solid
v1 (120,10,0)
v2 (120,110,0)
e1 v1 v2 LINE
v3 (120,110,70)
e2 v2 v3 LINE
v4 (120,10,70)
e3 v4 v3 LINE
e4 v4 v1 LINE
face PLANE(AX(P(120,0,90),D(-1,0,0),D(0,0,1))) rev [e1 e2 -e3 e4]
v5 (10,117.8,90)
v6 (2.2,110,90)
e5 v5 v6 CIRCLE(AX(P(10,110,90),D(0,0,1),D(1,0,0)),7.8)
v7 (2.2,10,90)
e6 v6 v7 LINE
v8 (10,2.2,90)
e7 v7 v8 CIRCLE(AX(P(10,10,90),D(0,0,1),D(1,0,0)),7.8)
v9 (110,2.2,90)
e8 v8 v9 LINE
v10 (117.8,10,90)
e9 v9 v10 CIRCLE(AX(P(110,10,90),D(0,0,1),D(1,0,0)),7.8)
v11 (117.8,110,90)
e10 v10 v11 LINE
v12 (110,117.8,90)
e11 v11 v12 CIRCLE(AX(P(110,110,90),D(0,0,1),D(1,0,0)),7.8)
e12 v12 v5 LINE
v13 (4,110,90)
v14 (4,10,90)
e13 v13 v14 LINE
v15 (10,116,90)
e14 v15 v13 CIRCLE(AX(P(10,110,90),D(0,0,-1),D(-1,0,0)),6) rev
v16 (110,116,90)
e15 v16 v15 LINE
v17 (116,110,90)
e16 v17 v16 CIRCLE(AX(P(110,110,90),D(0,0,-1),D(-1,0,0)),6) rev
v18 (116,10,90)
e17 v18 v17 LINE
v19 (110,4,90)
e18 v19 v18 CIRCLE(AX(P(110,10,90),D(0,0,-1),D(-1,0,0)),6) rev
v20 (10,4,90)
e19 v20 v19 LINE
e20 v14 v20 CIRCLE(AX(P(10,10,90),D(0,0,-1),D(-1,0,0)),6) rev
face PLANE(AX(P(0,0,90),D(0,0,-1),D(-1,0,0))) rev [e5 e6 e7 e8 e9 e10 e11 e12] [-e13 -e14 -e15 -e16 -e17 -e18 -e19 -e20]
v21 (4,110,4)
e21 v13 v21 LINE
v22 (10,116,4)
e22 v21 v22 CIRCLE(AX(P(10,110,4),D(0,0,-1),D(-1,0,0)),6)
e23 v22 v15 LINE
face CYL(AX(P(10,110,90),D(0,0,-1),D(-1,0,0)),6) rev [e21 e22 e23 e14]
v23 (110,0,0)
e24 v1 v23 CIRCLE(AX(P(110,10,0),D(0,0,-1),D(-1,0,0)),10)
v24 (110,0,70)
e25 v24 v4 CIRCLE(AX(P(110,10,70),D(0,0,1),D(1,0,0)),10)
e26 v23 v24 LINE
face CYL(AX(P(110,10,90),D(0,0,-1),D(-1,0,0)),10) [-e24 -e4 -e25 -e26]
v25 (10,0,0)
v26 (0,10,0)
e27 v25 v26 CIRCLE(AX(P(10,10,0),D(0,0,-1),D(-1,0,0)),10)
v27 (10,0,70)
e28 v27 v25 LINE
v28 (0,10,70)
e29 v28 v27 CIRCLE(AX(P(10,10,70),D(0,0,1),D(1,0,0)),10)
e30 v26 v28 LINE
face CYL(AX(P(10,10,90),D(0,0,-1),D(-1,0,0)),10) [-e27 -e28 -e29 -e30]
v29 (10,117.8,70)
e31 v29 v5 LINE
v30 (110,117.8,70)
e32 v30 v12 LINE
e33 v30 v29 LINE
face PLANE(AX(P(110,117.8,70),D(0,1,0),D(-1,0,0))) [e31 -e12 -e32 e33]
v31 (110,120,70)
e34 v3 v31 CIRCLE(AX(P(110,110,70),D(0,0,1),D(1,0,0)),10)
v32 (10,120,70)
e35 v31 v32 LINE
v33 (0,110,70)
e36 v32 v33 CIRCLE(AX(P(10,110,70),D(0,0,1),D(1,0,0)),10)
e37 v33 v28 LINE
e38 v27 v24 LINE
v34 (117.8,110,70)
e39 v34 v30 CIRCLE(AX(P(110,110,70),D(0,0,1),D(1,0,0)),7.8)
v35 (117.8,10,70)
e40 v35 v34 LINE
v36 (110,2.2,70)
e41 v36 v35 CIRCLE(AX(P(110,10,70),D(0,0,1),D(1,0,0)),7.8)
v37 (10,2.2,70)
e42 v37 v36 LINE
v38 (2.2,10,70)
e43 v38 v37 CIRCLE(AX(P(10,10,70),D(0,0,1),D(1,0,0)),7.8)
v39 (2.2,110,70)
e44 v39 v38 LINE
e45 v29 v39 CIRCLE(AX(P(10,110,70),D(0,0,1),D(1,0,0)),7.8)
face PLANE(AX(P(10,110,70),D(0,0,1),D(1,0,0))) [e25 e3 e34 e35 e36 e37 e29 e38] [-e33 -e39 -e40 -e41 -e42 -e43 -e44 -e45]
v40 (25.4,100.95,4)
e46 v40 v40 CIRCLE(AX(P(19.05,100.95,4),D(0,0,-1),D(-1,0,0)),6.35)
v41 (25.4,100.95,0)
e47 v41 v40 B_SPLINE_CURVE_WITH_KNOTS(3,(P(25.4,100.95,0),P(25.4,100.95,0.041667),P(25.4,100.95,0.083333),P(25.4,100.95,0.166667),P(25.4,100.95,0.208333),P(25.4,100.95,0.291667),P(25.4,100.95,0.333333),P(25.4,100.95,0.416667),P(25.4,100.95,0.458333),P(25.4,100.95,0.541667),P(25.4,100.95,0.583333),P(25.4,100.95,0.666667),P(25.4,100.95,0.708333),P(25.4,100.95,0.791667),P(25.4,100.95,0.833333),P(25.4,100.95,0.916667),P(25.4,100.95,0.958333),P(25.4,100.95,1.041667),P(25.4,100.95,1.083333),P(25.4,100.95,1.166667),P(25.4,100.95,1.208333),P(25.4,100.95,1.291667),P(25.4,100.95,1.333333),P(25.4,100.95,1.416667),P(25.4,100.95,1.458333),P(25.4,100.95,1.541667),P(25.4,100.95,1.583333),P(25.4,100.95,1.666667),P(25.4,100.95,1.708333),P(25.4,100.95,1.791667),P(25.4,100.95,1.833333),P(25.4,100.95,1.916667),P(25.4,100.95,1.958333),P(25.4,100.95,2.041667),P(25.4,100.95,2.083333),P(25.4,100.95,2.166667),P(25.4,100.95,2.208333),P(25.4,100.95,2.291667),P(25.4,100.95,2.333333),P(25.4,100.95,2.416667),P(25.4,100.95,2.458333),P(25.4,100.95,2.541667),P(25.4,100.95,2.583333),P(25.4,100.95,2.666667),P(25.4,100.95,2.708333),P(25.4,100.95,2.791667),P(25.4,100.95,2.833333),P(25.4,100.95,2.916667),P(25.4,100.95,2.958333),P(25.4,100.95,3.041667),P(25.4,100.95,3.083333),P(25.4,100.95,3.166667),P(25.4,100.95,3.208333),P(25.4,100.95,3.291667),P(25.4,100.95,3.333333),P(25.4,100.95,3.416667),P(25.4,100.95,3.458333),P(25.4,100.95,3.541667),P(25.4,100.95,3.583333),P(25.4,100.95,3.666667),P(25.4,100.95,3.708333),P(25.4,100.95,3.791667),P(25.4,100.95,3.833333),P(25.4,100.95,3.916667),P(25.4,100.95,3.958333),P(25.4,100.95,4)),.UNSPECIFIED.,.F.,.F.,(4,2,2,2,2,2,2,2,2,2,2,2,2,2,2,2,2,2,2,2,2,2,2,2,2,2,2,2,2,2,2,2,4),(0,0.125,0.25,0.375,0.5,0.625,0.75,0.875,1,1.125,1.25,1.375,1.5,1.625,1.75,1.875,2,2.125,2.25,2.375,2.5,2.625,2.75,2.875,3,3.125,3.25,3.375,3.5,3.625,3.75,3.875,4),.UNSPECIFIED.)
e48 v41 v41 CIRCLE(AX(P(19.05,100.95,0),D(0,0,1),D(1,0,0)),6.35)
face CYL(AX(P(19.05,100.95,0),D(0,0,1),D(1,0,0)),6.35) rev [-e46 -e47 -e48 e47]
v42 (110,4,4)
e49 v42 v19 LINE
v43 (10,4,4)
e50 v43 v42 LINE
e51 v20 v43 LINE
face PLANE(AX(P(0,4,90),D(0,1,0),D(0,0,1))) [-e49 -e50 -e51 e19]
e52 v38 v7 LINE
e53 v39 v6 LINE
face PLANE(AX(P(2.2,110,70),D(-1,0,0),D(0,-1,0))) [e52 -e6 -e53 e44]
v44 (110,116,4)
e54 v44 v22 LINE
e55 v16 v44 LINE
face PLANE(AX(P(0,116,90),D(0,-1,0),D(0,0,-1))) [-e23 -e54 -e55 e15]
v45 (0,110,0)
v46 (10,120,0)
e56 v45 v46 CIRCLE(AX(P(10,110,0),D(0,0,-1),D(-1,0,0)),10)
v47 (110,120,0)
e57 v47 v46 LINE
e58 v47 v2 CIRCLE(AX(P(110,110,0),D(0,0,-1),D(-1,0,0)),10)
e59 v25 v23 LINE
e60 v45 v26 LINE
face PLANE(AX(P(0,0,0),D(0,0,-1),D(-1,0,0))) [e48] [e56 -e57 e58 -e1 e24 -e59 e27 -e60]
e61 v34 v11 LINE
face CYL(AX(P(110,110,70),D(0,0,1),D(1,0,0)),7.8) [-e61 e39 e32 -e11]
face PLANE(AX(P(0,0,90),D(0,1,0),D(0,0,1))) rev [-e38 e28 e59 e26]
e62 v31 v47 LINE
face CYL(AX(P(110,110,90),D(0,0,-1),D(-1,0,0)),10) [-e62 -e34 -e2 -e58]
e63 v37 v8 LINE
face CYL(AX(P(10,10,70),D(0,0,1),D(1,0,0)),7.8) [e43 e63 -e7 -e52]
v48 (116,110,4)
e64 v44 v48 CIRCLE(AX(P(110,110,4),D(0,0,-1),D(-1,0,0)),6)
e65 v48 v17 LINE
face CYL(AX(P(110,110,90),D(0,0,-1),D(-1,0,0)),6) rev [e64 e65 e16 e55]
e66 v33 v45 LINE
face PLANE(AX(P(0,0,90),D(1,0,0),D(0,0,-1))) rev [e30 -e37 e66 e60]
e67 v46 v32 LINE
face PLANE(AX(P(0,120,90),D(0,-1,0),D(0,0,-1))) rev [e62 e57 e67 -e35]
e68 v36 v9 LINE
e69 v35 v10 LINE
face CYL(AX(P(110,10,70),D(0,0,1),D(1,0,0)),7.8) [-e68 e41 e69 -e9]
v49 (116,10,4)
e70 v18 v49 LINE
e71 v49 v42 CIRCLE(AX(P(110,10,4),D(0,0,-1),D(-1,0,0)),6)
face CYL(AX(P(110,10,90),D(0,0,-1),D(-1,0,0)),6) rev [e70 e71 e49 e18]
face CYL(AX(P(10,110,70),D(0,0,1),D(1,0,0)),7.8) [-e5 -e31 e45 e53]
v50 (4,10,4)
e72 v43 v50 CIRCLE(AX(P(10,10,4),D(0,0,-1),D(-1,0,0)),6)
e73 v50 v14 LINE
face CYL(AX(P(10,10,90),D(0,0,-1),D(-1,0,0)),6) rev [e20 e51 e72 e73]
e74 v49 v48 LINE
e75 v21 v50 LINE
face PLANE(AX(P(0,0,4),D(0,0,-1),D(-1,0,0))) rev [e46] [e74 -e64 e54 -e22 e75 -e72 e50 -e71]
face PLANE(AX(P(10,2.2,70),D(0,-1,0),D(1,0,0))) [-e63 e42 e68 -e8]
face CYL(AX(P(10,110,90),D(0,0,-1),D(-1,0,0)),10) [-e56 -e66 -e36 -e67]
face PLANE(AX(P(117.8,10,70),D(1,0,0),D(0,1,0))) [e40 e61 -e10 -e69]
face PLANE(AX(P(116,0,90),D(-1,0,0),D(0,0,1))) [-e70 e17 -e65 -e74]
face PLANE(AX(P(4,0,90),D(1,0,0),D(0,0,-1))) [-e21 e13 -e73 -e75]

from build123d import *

# Parameters (mm, degrees)
SKETCH2_W           = 120
SKETCH2_H           = 120
BOSS_EXTRUDE1_DEPTH = 90
FILLET1_R           = 10
SHELL1_T            = -4
CUT_EXTRUDE1_DEPTH  = 20
SKETCH4_R           = 6.35
CUT_EXTRUDE2_DEPTH  = 199.773717644


with BuildPart() as part:
    # Sketch2 → Boss-Extrude1 (new body)
    with BuildSketch(Plane.XY):
        with Locations((60, 60)):
            Rectangle(SKETCH2_W, SKETCH2_H)
    extrude(amount=BOSS_EXTRUDE1_DEPTH)

    # Fillet1
    fillet1_edges = [part.edges().sort_by_distance(p)[0] for p in [
        (0, 120, 45),
        (120, 120, 45),
        (120, 0, 45),
        (0, 0, 45),
    ]]
    fillet(fillet1_edges, radius=FILLET1_R)

    # Shell1
    shell1_openings = [part.faces().sort_by_distance(p)[0] for p in [
        (60, 60, 90),
    ]]
    offset(amount=SHELL1_T, openings=shell1_openings, kind=Kind.INTERSECTION)

    # Sketch3 → Cut-Extrude1 (cut)
    with BuildSketch(Plane.XY.offset(90)):
        with BuildLine():
            Line((0, 110), (0, 10))
            ThreePointArc((0, 10), (2.928932188, 2.928932188), (10, 0))
            Line((10, 0), (110, 0))
            ThreePointArc((110, 0), (117.071067812, 2.928932188), (120, 10))
            Line((120, 10), (120, 110))
            ThreePointArc((120, 110), (117.071067812, 117.071067812), (110, 120))
            Line((110, 120), (10, 120))
            ThreePointArc((10, 120), (2.928932188, 117.071067812), (0, 110))
        make_face()
        with BuildLine():
            Line((2.2, 110), (2.2, 10))
            ThreePointArc((2.2, 10), (4.484567107, 4.484567107), (10, 2.2))
            Line((10, 2.2), (110, 2.2))
            ThreePointArc((110, 2.2), (115.515432893, 4.484567107), (117.8, 10))
            Line((117.8, 10), (117.8, 110))
            ThreePointArc((117.8, 110), (115.515432893, 115.515432893), (110, 117.8))
            Line((110, 117.8), (10, 117.8))
            ThreePointArc((10, 117.8), (4.484567107, 115.515432893), (2.2, 110))
        make_face(mode=Mode.SUBTRACT)
    extrude(amount=-CUT_EXTRUDE1_DEPTH, mode=Mode.SUBTRACT)

    # Sketch4 → Cut-Extrude2 (cut, through all)
    with BuildSketch(Plane(origin=(92.802964226, -8.446878735, 120), x_dir=(1, 0, 0), z_dir=(0, 0, 1))):
        with Locations((-73.752964226, 109.396878735)):
            Circle(SKETCH4_R)
    extrude(amount=-CUT_EXTRUDE2_DEPTH, mode=Mode.SUBTRACT)


solid = part.part
